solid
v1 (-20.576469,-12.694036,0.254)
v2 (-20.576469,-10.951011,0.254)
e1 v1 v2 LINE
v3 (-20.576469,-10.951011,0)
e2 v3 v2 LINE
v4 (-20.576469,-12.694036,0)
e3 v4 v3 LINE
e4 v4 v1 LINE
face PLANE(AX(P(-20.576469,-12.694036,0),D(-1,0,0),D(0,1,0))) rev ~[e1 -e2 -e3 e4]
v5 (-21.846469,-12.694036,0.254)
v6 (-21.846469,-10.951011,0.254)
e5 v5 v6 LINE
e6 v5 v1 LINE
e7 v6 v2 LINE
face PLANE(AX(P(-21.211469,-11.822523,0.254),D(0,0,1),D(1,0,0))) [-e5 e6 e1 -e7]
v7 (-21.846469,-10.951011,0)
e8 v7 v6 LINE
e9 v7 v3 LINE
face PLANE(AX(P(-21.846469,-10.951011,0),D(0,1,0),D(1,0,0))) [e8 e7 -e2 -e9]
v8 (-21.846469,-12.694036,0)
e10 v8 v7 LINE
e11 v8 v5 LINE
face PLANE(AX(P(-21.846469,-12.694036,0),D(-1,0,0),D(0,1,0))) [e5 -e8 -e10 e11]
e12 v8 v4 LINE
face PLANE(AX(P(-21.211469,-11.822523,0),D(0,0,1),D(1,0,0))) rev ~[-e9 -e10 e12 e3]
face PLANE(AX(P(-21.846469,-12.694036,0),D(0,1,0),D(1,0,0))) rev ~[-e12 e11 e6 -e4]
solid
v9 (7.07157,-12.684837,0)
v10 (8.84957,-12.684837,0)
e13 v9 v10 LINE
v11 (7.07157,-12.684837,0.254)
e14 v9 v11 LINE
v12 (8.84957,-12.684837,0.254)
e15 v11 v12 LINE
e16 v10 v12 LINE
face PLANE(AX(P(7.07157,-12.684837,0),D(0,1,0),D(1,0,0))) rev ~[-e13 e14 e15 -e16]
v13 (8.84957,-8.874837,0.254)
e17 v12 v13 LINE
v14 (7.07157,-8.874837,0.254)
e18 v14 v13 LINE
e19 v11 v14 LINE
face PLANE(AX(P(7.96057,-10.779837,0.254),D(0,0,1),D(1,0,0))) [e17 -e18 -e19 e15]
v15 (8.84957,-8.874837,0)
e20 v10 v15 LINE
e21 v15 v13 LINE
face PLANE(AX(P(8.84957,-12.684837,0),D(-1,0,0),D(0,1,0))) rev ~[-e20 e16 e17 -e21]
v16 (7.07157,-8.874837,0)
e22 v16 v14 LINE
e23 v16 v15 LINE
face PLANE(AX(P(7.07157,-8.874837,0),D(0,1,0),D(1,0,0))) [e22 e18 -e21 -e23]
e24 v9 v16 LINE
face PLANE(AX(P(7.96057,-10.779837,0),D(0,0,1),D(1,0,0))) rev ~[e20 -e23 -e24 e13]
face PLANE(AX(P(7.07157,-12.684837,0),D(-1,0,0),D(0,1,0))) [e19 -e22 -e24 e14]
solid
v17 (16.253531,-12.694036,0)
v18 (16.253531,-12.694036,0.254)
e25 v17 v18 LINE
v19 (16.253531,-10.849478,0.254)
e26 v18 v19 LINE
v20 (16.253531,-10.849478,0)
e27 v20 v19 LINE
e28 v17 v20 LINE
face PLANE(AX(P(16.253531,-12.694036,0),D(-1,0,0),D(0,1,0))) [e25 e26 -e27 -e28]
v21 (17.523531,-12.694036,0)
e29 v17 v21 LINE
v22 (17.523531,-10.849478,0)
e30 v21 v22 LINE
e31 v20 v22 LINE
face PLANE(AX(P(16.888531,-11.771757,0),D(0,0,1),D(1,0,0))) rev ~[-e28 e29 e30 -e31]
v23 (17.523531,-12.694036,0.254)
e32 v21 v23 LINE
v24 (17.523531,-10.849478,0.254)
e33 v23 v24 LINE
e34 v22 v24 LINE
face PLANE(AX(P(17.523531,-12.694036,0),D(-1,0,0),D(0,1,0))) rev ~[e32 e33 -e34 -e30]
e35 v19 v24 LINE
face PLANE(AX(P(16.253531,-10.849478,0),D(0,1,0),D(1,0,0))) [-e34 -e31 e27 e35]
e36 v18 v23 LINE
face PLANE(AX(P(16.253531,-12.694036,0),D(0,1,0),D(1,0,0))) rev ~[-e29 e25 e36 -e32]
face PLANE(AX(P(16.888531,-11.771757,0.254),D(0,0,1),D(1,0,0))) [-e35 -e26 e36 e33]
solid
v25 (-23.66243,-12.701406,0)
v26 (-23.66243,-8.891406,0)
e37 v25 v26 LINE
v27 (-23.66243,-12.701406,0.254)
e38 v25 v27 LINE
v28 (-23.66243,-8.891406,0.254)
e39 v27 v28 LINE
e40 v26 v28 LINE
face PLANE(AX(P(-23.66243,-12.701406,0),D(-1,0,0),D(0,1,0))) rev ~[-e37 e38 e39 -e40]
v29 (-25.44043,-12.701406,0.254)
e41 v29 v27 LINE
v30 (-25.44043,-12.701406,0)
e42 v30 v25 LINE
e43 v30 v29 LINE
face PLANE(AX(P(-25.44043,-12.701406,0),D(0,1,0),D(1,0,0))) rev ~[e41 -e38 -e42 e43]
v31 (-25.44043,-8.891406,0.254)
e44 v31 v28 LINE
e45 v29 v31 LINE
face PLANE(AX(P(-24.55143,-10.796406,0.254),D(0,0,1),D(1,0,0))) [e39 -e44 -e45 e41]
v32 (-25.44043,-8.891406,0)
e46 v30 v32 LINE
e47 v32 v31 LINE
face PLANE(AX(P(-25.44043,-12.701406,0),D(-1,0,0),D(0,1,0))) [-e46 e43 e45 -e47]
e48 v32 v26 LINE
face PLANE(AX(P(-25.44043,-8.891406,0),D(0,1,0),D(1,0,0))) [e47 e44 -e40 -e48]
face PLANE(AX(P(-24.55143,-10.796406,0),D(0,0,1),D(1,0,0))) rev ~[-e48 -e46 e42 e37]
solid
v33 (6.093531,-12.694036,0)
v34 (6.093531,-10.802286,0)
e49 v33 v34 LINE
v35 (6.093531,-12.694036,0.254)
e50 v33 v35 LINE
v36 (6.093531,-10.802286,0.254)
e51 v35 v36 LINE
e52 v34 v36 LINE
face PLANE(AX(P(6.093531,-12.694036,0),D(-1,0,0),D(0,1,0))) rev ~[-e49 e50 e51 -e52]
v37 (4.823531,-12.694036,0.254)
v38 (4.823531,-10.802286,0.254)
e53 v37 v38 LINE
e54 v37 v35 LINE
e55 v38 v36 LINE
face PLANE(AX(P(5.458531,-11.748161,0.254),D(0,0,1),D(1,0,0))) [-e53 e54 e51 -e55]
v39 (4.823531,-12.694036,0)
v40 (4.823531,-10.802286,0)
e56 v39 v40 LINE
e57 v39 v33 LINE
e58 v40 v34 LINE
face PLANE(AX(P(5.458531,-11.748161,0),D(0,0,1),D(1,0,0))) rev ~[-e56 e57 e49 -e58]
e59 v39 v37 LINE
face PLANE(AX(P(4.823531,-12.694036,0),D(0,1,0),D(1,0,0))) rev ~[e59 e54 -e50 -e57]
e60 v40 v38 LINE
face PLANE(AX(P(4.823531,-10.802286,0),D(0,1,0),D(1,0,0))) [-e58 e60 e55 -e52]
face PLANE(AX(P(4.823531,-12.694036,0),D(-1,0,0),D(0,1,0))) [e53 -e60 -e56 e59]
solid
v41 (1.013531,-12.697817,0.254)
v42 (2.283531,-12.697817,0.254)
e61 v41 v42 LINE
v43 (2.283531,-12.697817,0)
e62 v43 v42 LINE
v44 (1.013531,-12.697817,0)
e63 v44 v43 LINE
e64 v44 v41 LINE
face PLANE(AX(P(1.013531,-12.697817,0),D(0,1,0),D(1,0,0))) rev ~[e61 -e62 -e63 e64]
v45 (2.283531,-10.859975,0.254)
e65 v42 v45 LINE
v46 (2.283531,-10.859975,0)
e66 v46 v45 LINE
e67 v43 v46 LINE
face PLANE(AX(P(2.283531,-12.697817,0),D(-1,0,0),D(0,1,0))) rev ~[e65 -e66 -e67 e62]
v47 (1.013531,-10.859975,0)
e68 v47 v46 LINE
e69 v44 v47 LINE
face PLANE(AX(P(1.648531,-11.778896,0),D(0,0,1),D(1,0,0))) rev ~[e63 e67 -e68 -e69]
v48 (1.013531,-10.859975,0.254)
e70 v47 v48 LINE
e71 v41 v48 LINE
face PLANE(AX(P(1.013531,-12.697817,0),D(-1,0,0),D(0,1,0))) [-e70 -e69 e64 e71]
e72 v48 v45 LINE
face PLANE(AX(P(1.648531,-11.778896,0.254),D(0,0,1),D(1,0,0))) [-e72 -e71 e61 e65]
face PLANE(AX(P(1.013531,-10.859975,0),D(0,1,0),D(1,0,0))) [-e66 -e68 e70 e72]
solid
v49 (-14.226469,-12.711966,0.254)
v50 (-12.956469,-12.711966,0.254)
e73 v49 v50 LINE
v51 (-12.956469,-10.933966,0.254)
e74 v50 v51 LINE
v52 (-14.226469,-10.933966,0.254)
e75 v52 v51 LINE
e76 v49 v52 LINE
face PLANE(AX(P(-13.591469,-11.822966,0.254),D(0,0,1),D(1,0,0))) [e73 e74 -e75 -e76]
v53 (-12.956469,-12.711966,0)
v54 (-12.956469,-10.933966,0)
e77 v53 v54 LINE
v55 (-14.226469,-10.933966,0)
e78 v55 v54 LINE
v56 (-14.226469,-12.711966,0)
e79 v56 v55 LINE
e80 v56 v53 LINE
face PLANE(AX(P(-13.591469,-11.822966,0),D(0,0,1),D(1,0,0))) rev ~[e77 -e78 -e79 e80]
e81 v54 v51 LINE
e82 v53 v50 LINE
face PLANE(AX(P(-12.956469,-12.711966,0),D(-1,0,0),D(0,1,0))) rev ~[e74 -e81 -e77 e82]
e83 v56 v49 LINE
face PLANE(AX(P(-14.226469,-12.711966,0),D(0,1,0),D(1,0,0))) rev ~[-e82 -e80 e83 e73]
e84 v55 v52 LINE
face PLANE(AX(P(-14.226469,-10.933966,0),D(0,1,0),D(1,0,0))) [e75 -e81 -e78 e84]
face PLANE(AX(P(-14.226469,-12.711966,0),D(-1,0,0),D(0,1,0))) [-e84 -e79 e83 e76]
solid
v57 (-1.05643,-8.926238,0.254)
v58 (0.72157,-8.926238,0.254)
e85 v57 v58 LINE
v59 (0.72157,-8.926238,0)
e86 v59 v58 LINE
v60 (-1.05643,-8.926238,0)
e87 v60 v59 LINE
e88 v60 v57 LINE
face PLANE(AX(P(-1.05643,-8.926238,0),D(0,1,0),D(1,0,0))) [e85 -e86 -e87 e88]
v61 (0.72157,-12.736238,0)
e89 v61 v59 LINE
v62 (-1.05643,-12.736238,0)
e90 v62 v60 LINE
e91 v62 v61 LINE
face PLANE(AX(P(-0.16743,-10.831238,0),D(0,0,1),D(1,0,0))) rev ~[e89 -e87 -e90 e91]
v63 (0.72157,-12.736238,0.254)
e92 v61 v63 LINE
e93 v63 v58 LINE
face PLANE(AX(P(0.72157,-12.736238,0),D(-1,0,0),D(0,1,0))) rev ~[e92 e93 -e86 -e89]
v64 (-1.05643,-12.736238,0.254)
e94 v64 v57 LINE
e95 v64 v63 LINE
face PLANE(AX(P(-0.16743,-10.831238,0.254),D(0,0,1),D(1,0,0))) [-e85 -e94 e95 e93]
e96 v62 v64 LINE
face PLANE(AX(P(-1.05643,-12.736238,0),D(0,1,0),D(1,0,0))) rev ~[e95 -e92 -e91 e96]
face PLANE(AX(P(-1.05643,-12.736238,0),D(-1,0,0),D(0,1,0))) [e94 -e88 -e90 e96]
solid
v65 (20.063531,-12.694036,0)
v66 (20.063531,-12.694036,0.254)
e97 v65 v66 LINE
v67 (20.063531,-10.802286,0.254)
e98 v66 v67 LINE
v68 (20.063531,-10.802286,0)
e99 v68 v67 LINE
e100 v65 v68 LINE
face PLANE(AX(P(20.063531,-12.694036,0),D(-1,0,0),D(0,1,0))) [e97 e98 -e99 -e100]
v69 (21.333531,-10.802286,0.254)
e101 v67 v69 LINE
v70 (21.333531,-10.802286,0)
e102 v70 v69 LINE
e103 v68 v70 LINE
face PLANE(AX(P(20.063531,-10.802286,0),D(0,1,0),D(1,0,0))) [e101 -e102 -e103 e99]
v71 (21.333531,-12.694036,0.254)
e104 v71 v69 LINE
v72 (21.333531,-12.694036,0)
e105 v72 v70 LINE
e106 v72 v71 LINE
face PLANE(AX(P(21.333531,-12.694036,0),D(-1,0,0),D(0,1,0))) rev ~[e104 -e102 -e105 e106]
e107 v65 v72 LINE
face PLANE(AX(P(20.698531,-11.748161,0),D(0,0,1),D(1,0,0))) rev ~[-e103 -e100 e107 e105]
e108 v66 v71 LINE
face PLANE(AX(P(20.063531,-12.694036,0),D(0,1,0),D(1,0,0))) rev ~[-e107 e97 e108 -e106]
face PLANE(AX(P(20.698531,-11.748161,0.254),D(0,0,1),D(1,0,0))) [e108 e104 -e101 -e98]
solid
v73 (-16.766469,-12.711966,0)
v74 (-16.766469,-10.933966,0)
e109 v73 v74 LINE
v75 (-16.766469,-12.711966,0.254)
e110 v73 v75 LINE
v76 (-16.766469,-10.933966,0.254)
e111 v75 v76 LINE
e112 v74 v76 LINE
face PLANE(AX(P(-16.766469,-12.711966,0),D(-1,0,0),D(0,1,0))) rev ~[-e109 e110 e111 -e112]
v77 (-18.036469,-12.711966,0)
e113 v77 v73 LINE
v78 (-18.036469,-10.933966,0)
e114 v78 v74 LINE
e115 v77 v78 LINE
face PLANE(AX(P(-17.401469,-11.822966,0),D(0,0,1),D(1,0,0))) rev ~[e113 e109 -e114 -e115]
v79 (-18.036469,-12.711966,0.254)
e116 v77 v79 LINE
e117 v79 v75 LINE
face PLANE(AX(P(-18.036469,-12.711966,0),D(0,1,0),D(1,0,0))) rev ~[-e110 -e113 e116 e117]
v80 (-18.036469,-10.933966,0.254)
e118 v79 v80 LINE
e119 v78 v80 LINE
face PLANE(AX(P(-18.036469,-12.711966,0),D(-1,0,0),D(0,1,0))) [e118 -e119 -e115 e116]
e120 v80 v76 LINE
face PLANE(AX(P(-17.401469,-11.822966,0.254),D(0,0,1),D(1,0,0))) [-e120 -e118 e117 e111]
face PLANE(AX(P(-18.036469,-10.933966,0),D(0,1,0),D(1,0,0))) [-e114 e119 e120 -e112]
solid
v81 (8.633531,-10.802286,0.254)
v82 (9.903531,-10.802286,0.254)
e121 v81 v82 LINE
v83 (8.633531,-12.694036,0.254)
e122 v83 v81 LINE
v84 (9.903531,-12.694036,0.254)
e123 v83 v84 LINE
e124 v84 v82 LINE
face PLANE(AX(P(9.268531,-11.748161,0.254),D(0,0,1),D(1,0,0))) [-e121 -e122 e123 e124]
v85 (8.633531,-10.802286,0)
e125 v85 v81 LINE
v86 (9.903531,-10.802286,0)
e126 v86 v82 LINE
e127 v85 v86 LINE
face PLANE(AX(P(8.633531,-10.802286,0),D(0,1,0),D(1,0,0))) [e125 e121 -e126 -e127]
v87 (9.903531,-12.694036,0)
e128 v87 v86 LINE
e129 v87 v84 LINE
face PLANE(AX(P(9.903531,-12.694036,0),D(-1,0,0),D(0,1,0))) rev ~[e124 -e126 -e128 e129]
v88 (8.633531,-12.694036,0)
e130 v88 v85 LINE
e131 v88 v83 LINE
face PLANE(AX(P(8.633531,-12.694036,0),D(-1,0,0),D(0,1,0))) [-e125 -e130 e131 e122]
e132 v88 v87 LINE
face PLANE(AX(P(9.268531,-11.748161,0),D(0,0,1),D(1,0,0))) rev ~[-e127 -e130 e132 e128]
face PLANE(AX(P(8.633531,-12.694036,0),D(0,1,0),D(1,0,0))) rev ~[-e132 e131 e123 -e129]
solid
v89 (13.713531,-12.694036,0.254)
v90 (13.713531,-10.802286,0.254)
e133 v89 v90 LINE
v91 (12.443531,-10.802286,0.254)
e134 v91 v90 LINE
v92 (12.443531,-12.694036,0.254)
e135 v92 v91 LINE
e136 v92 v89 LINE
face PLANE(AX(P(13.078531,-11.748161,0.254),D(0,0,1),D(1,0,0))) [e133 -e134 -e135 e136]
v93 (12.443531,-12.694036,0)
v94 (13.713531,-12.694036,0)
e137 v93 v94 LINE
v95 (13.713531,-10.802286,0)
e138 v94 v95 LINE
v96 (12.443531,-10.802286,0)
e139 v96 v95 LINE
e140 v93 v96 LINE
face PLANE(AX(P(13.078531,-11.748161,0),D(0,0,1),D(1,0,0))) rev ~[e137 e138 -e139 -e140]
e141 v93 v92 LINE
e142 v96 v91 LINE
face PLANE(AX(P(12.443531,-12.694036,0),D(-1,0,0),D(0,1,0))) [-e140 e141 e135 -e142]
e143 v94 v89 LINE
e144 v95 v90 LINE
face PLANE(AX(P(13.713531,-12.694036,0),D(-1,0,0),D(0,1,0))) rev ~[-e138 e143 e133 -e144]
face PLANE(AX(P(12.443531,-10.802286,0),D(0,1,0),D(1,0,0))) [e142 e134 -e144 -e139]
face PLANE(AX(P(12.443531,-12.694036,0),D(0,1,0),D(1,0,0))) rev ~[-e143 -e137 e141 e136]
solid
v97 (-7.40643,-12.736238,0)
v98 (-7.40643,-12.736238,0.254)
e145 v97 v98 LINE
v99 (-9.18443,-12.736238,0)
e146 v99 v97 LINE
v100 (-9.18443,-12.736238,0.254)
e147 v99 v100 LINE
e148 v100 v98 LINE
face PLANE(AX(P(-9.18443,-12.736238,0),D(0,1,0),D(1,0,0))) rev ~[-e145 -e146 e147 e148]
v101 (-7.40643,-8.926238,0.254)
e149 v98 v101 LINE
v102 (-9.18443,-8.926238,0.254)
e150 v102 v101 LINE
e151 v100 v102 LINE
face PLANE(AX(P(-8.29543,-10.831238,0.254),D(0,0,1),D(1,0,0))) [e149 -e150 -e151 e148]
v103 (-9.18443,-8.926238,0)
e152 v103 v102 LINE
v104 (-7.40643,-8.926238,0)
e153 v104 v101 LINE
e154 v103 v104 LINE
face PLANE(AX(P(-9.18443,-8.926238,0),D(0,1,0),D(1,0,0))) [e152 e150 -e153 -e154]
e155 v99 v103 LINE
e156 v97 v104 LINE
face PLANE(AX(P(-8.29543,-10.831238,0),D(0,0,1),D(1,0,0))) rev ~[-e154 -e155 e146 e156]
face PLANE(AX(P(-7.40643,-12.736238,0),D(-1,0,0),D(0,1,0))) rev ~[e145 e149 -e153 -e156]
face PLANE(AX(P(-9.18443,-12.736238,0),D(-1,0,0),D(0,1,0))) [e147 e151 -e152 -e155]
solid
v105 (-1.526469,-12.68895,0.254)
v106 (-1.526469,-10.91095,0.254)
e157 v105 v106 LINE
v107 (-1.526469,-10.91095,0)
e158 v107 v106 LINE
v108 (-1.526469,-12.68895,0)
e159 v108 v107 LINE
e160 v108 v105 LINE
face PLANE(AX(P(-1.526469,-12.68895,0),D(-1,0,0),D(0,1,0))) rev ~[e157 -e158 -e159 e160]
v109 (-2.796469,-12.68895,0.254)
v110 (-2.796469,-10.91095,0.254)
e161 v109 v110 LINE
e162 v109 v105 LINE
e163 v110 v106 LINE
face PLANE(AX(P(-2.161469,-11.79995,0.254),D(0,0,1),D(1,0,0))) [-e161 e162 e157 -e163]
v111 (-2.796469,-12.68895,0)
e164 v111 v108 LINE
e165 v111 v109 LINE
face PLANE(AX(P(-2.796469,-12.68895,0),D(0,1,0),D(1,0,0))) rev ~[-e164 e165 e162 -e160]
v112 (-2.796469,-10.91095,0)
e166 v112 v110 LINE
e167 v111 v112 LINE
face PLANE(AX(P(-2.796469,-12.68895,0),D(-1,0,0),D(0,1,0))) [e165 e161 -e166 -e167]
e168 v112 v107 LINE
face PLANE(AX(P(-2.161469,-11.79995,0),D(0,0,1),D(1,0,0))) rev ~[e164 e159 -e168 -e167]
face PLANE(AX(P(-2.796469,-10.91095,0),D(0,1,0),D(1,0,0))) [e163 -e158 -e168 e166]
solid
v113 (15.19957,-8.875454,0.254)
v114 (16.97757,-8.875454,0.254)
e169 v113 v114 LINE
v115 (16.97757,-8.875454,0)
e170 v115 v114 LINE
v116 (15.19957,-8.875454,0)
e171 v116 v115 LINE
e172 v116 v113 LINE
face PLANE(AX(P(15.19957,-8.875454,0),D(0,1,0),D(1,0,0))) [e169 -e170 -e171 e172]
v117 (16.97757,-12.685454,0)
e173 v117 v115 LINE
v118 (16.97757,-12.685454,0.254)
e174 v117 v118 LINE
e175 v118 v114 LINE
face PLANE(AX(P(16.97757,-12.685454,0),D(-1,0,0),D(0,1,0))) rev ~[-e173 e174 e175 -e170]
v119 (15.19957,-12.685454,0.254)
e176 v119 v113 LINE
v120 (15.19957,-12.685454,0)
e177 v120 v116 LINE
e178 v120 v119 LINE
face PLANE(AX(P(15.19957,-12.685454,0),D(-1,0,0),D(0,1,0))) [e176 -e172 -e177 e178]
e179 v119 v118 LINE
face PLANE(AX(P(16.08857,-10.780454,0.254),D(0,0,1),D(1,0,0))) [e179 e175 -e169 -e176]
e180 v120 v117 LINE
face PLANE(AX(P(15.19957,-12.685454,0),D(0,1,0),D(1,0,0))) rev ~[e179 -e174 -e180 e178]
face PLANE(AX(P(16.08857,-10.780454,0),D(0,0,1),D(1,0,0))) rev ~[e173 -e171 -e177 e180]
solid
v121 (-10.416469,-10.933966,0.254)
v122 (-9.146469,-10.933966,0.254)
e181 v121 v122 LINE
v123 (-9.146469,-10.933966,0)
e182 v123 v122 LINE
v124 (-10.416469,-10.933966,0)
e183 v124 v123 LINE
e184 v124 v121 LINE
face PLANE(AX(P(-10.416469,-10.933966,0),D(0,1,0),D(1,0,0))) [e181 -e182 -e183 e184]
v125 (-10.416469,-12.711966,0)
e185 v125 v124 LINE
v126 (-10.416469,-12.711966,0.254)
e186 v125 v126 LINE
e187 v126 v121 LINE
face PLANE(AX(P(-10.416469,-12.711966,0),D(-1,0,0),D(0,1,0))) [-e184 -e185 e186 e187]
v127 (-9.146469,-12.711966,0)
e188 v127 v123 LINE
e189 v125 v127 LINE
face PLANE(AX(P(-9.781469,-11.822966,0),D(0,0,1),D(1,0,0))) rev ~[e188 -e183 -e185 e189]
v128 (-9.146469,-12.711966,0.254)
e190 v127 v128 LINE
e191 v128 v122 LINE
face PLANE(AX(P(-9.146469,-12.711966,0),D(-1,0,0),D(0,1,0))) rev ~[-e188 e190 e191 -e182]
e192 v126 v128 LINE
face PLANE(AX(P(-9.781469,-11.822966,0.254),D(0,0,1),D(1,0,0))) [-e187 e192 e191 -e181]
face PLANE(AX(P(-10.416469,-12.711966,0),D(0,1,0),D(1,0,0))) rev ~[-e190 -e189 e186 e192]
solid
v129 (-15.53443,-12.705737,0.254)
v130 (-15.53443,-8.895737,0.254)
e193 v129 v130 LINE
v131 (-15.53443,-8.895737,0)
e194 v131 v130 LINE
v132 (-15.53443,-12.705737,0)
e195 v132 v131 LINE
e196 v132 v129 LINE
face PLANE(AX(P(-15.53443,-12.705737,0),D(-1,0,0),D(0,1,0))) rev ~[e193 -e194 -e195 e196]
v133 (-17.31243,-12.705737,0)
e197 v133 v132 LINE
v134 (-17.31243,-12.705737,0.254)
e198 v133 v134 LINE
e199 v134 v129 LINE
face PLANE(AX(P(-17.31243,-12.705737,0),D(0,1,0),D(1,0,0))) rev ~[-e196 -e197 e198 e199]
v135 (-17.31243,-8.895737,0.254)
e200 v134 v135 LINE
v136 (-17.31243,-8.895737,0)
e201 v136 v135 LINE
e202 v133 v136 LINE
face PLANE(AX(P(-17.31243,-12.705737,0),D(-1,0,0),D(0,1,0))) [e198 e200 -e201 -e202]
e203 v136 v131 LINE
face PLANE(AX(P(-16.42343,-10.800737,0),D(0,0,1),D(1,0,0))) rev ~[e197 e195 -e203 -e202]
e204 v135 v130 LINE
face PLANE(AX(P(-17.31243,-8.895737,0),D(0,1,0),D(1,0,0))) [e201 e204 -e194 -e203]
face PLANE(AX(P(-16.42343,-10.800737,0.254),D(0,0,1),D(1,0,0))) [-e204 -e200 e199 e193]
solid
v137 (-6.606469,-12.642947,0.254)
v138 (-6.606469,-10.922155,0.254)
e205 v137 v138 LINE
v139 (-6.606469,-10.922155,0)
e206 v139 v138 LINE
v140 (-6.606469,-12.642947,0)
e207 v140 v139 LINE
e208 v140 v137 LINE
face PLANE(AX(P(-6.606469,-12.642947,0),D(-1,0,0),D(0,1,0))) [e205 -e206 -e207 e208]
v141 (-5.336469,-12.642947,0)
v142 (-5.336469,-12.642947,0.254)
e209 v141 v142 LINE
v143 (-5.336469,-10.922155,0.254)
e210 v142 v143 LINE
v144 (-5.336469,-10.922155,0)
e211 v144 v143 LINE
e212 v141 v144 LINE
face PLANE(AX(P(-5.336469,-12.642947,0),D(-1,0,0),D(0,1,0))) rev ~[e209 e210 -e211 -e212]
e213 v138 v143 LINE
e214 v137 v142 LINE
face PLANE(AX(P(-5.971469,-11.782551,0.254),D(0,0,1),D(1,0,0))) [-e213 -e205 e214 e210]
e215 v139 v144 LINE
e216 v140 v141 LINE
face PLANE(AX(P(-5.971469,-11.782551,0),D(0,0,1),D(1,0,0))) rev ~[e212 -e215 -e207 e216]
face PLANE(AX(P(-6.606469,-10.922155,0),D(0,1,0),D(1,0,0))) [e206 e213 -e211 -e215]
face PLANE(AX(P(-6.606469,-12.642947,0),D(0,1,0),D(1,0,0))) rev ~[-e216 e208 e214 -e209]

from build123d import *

# Parameters (mm, degrees)
F0_W     = 1.27
F0_H     = 1.837842
F0_H_2   = 1.778
F0_H_3   = 1.720792
F0_H_4   = 1.743025
F0_H_5   = 1.89175
F0_H_6   = 1.844558
F2_DEPTH = 0.254
F1_W     = 1.778
F1_H     = 3.81
F3_DEPTH = 0.254


with BuildPart() as f2:
    # F0 (on Top) → F2 (new body)
    with BuildSketch(Plane.XY):
        with Locations((1.648531, -11.778896)):
            Rectangle(F0_W, F0_H)
        with Locations((-2.161469, -11.79995)):
            Rectangle(F0_W, F0_H_2)
        with Locations((-5.971469, -11.782551)):
            Rectangle(F0_W, F0_H_3)
        with Locations((-9.781469, -11.822966)):
            Rectangle(F0_W, F0_H_2)
        with Locations((-13.591469, -11.822966)):
            Rectangle(F0_W, F0_H_2)
        with Locations((-17.401469, -11.822966)):
            Rectangle(F0_W, F0_H_2)
        with Locations((-21.211469, -11.822523)):
            Rectangle(F0_W, F0_H_4)
        with Locations((5.458531, -11.748161)):
            Rectangle(F0_W, F0_H_5)
        with Locations((9.268531, -11.748161)):
            Rectangle(F0_W, F0_H_5)
        with Locations((13.078531, -11.748161)):
            Rectangle(F0_W, F0_H_5)
        with Locations((16.888531, -11.771757)):
            Rectangle(F0_W, F0_H_6)
        with Locations((20.698531, -11.748161)):
            Rectangle(F0_W, F0_H_5)
    extrude(amount=F2_DEPTH)


with BuildPart() as f3:
    # F1 (on Top) → F3 (new body)
    with BuildSketch(Plane.XY):
        with Locations((-24.55143, -10.796406)):
            Rectangle(F1_W, F1_H)
        with Locations((-16.42343, -10.800737)):
            Rectangle(F1_W, F1_H)
        with Locations((-8.29543, -10.831238)):
            Rectangle(F1_W, F1_H)
        with Locations((-0.16743, -10.831238)):
            Rectangle(F1_W, F1_H)
        with Locations((16.08857, -10.780454)):
            Rectangle(F1_W, F1_H)
        with Locations((7.96057, -10.779837)):
            Rectangle(F1_W, F1_H)
    extrude(amount=F3_DEPTH)


solid = Compound([f2.part, f3.part])
